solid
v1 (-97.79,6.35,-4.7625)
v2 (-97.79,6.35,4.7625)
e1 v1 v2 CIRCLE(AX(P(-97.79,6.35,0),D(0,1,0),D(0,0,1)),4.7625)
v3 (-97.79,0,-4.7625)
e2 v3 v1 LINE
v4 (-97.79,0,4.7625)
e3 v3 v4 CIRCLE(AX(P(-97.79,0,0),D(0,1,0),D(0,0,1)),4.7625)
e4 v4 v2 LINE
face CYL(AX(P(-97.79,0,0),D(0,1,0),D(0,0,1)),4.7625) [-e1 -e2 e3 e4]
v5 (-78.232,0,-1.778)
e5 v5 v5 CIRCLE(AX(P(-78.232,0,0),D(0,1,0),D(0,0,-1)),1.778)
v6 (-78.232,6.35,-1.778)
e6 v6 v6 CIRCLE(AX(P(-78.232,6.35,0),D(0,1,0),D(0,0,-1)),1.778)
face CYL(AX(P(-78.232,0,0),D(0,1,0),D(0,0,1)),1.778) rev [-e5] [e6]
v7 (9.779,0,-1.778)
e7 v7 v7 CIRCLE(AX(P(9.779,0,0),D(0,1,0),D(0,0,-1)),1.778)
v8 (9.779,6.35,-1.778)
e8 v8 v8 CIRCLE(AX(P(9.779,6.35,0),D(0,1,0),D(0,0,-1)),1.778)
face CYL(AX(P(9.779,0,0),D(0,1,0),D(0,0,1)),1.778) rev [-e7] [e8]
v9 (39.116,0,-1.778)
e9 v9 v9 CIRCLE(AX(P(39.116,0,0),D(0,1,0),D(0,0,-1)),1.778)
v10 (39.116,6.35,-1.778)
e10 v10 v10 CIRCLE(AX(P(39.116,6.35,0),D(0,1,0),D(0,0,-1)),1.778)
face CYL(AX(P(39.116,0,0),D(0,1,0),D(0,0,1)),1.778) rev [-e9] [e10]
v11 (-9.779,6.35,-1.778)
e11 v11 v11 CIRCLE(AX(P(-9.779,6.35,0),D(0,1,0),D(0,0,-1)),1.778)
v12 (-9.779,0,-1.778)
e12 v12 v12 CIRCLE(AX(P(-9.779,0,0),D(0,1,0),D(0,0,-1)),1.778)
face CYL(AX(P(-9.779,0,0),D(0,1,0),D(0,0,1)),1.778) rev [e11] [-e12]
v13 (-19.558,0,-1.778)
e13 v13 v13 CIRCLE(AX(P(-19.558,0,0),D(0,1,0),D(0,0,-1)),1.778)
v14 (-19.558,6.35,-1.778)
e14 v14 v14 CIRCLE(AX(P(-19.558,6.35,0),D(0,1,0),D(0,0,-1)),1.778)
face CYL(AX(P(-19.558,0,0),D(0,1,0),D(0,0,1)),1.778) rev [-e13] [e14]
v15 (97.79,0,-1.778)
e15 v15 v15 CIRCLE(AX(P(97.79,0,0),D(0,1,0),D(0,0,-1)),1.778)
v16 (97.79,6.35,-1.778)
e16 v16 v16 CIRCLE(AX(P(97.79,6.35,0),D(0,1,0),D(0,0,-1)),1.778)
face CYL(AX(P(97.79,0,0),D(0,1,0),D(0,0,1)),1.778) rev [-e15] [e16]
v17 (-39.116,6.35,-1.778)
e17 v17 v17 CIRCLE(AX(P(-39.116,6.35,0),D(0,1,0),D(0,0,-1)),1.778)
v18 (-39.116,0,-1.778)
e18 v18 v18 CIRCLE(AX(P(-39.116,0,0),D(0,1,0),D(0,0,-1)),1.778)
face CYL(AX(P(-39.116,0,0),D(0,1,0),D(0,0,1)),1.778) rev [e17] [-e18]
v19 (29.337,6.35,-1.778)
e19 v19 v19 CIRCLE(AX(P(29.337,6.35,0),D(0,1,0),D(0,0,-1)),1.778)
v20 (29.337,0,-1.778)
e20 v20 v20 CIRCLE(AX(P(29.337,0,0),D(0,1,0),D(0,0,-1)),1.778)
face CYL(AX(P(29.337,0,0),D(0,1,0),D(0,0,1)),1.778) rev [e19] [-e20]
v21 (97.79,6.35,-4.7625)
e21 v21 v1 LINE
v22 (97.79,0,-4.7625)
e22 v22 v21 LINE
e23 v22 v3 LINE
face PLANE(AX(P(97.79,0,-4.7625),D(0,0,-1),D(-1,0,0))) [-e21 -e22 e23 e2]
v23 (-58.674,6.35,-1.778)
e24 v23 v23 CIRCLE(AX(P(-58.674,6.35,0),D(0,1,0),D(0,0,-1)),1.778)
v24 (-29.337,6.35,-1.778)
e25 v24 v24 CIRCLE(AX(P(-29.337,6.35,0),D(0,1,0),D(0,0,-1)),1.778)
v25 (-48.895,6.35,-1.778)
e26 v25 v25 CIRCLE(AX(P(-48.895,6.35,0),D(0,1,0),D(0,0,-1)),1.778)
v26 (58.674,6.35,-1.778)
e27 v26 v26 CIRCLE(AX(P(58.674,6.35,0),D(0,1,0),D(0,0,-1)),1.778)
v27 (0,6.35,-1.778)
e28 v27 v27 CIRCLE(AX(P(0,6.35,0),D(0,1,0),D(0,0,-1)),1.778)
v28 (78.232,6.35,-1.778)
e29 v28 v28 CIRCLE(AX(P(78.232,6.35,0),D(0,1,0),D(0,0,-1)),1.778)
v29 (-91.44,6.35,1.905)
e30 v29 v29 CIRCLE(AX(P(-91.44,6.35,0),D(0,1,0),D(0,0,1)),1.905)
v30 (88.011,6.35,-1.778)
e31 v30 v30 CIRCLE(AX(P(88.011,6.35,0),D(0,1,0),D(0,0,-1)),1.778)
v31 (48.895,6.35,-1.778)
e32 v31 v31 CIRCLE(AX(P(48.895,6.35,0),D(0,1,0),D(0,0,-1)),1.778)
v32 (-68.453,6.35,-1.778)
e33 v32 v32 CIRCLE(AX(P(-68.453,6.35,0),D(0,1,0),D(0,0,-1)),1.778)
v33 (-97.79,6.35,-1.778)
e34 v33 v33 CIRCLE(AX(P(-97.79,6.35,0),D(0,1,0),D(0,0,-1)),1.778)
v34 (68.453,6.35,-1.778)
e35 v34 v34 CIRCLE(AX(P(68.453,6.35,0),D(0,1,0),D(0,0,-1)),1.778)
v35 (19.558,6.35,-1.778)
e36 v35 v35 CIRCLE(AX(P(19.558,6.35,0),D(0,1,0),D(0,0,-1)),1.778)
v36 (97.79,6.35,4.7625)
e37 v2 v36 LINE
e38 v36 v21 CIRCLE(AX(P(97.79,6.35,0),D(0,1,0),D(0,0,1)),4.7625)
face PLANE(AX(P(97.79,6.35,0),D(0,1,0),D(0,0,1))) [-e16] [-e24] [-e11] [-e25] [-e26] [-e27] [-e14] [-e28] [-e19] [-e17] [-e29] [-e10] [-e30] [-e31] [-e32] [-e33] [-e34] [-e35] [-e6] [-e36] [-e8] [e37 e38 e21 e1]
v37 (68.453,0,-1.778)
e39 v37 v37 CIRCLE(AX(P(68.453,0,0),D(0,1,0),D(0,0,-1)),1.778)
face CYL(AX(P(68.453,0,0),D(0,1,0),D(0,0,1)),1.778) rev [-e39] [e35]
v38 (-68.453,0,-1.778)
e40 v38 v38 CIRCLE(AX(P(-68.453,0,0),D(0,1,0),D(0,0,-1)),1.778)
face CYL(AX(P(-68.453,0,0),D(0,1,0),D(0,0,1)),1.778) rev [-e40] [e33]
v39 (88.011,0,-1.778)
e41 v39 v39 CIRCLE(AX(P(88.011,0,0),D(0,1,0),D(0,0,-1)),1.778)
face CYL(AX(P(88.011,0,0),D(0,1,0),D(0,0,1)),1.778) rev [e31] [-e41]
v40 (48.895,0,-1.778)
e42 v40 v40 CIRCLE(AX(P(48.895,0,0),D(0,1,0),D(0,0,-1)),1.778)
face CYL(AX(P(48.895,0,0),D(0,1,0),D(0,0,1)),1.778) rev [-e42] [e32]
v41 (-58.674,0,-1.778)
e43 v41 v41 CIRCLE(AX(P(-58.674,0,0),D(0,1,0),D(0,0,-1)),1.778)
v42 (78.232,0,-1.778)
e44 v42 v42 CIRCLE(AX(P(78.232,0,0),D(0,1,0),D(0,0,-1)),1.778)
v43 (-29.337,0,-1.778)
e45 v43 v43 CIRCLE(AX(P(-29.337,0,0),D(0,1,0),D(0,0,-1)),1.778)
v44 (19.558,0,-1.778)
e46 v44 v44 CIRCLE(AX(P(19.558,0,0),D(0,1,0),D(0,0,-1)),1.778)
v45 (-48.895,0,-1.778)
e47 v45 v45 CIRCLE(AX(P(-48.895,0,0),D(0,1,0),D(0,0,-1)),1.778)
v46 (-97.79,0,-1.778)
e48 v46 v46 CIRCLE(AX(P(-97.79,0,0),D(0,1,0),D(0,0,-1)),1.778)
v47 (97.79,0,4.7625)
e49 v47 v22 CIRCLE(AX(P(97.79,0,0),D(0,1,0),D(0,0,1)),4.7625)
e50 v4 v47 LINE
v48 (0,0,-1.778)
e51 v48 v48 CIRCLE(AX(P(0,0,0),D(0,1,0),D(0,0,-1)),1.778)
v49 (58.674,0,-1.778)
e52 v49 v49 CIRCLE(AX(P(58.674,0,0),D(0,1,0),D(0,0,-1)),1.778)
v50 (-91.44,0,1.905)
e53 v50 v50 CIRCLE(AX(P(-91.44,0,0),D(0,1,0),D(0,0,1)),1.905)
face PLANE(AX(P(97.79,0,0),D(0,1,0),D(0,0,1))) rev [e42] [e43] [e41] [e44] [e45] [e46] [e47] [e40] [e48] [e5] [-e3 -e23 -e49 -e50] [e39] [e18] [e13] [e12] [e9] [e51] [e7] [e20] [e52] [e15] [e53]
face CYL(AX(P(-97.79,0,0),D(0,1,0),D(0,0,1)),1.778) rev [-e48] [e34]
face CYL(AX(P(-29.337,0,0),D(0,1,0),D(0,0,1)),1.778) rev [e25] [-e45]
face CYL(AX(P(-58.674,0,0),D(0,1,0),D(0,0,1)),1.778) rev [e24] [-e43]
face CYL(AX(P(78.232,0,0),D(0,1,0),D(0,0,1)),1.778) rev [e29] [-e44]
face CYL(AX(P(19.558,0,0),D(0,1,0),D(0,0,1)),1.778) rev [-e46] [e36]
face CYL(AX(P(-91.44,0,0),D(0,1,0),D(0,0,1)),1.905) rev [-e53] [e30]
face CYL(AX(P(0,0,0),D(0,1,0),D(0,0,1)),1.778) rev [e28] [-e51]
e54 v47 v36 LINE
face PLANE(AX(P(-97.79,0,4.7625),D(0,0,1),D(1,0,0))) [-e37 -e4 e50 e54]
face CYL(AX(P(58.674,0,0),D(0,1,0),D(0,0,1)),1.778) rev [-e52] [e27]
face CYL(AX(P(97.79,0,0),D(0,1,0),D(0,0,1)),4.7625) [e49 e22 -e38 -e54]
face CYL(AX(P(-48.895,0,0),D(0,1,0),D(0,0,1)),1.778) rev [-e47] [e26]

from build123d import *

# Parameters (mm, degrees)
SKETCH1_R           = 1.778
BOSS_EXTRUDE1_DEPTH = 6.35
SKETCH2_R           = 1.778
BOSS_EXTRUDE2_DEPTH = 6.35
SKETCH3_R           = 1.905
CUT_EXTRUDE1_DEPTH  = 103.859220114


with BuildPart() as part:
    # Sketch1 → Boss-Extrude1 (new body)
    with BuildSketch(Plane(origin=(0, 6.35, 0), x_dir=(1, 0, 0), z_dir=(0, 1, 0))):
        with BuildLine():
            Line((97.79, 4.7625), (-97.79, 4.7625))
            ThreePointArc((-97.79, 4.7625), (-102.5525, 0), (-97.79, -4.7625))
            Line((-97.79, -4.7625), (97.79, -4.7625))
            ThreePointArc((97.79, -4.7625), (102.5525, 0), (97.79, 4.7625))
        make_face()
        with Locations(Location((97.79, 0, 0), (0, 0, 90))):
            Circle(SKETCH1_R, mode=Mode.SUBTRACT)
        with Locations(Location((88.011, 0, 0), (0, 0, 90))):
            Circle(SKETCH1_R, mode=Mode.SUBTRACT)
        with Locations(Location((78.232, 0, 0), (0, 0, 90))):
            Circle(SKETCH1_R, mode=Mode.SUBTRACT)
        with Locations(Location((68.453, 0, 0), (0, 0, 90))):
            Circle(SKETCH1_R, mode=Mode.SUBTRACT)
        with Locations(Location((58.674, 0, 0), (0, 0, 90))):
            Circle(SKETCH1_R, mode=Mode.SUBTRACT)
        with Locations(Location((48.895, 0, 0), (0, 0, 90))):
            Circle(SKETCH1_R, mode=Mode.SUBTRACT)
        with Locations(Location((39.116, 0, 0), (0, 0, 90))):
            Circle(SKETCH1_R, mode=Mode.SUBTRACT)
        with Locations(Location((29.337, 0, 0), (0, 0, 90))):
            Circle(SKETCH1_R, mode=Mode.SUBTRACT)
        with Locations(Location((19.558, 0, 0), (0, 0, 90))):
            Circle(SKETCH1_R, mode=Mode.SUBTRACT)
        with Locations(Location((9.779, 0, 0), (0, 0, 90))):
            Circle(SKETCH1_R, mode=Mode.SUBTRACT)
        with Locations(Location((0, 0, 0), (0, 0, 90))):
            Circle(SKETCH1_R, mode=Mode.SUBTRACT)
        with Locations(Location((-9.779, 0, 0), (0, 0, 90))):
            Circle(SKETCH1_R, mode=Mode.SUBTRACT)
        with Locations(Location((-19.558, 0, 0), (0, 0, 90))):
            Circle(SKETCH1_R, mode=Mode.SUBTRACT)
        with Locations(Location((-29.337, 0, 0), (0, 0, 90))):
            Circle(SKETCH1_R, mode=Mode.SUBTRACT)
        with Locations(Location((-39.116, 0, 0), (0, 0, 90))):
            Circle(SKETCH1_R, mode=Mode.SUBTRACT)
        with Locations(Location((-48.895, 0, 0), (0, 0, 90))):
            Circle(SKETCH1_R, mode=Mode.SUBTRACT)
        with Locations(Location((-58.674, 0, 0), (0, 0, 90))):
            Circle(SKETCH1_R, mode=Mode.SUBTRACT)
        with Locations(Location((-68.453, 0, 0), (0, 0, 90))):
            Circle(SKETCH1_R, mode=Mode.SUBTRACT)
        with Locations(Location((-78.232, 0, 0), (0, 0, 90))):
            Circle(SKETCH1_R, mode=Mode.SUBTRACT)
        with Locations(Location((-88.011, 0, 0), (0, 0, 90))):
            Circle(SKETCH1_R, mode=Mode.SUBTRACT)
        with Locations(Location((-97.79, 0, 0), (0, 0, 90))):
            Circle(SKETCH1_R, mode=Mode.SUBTRACT)
    extrude(amount=-BOSS_EXTRUDE1_DEPTH)

    # Sketch2 → Boss-Extrude2 (add)
    with BuildSketch(Plane(origin=(0, 6.35, 0), x_dir=(1, 0, 0), z_dir=(0, 1, 0))):
        with Locations((-88.011, 0)):
            Circle(SKETCH2_R)
    extrude(amount=-BOSS_EXTRUDE2_DEPTH)

    # Sketch3 → Cut-Extrude1 (cut, through all)
    with BuildSketch(Plane(origin=(0, 6.35, 0), x_dir=(1, 0, 0), z_dir=(0, 1, 0))):
        with Locations(Location((-91.44, 0, 0), (0, 0, 270))):
            Circle(SKETCH3_R)
    extrude(amount=-CUT_EXTRUDE1_DEPTH, mode=Mode.SUBTRACT)


solid = part.part
